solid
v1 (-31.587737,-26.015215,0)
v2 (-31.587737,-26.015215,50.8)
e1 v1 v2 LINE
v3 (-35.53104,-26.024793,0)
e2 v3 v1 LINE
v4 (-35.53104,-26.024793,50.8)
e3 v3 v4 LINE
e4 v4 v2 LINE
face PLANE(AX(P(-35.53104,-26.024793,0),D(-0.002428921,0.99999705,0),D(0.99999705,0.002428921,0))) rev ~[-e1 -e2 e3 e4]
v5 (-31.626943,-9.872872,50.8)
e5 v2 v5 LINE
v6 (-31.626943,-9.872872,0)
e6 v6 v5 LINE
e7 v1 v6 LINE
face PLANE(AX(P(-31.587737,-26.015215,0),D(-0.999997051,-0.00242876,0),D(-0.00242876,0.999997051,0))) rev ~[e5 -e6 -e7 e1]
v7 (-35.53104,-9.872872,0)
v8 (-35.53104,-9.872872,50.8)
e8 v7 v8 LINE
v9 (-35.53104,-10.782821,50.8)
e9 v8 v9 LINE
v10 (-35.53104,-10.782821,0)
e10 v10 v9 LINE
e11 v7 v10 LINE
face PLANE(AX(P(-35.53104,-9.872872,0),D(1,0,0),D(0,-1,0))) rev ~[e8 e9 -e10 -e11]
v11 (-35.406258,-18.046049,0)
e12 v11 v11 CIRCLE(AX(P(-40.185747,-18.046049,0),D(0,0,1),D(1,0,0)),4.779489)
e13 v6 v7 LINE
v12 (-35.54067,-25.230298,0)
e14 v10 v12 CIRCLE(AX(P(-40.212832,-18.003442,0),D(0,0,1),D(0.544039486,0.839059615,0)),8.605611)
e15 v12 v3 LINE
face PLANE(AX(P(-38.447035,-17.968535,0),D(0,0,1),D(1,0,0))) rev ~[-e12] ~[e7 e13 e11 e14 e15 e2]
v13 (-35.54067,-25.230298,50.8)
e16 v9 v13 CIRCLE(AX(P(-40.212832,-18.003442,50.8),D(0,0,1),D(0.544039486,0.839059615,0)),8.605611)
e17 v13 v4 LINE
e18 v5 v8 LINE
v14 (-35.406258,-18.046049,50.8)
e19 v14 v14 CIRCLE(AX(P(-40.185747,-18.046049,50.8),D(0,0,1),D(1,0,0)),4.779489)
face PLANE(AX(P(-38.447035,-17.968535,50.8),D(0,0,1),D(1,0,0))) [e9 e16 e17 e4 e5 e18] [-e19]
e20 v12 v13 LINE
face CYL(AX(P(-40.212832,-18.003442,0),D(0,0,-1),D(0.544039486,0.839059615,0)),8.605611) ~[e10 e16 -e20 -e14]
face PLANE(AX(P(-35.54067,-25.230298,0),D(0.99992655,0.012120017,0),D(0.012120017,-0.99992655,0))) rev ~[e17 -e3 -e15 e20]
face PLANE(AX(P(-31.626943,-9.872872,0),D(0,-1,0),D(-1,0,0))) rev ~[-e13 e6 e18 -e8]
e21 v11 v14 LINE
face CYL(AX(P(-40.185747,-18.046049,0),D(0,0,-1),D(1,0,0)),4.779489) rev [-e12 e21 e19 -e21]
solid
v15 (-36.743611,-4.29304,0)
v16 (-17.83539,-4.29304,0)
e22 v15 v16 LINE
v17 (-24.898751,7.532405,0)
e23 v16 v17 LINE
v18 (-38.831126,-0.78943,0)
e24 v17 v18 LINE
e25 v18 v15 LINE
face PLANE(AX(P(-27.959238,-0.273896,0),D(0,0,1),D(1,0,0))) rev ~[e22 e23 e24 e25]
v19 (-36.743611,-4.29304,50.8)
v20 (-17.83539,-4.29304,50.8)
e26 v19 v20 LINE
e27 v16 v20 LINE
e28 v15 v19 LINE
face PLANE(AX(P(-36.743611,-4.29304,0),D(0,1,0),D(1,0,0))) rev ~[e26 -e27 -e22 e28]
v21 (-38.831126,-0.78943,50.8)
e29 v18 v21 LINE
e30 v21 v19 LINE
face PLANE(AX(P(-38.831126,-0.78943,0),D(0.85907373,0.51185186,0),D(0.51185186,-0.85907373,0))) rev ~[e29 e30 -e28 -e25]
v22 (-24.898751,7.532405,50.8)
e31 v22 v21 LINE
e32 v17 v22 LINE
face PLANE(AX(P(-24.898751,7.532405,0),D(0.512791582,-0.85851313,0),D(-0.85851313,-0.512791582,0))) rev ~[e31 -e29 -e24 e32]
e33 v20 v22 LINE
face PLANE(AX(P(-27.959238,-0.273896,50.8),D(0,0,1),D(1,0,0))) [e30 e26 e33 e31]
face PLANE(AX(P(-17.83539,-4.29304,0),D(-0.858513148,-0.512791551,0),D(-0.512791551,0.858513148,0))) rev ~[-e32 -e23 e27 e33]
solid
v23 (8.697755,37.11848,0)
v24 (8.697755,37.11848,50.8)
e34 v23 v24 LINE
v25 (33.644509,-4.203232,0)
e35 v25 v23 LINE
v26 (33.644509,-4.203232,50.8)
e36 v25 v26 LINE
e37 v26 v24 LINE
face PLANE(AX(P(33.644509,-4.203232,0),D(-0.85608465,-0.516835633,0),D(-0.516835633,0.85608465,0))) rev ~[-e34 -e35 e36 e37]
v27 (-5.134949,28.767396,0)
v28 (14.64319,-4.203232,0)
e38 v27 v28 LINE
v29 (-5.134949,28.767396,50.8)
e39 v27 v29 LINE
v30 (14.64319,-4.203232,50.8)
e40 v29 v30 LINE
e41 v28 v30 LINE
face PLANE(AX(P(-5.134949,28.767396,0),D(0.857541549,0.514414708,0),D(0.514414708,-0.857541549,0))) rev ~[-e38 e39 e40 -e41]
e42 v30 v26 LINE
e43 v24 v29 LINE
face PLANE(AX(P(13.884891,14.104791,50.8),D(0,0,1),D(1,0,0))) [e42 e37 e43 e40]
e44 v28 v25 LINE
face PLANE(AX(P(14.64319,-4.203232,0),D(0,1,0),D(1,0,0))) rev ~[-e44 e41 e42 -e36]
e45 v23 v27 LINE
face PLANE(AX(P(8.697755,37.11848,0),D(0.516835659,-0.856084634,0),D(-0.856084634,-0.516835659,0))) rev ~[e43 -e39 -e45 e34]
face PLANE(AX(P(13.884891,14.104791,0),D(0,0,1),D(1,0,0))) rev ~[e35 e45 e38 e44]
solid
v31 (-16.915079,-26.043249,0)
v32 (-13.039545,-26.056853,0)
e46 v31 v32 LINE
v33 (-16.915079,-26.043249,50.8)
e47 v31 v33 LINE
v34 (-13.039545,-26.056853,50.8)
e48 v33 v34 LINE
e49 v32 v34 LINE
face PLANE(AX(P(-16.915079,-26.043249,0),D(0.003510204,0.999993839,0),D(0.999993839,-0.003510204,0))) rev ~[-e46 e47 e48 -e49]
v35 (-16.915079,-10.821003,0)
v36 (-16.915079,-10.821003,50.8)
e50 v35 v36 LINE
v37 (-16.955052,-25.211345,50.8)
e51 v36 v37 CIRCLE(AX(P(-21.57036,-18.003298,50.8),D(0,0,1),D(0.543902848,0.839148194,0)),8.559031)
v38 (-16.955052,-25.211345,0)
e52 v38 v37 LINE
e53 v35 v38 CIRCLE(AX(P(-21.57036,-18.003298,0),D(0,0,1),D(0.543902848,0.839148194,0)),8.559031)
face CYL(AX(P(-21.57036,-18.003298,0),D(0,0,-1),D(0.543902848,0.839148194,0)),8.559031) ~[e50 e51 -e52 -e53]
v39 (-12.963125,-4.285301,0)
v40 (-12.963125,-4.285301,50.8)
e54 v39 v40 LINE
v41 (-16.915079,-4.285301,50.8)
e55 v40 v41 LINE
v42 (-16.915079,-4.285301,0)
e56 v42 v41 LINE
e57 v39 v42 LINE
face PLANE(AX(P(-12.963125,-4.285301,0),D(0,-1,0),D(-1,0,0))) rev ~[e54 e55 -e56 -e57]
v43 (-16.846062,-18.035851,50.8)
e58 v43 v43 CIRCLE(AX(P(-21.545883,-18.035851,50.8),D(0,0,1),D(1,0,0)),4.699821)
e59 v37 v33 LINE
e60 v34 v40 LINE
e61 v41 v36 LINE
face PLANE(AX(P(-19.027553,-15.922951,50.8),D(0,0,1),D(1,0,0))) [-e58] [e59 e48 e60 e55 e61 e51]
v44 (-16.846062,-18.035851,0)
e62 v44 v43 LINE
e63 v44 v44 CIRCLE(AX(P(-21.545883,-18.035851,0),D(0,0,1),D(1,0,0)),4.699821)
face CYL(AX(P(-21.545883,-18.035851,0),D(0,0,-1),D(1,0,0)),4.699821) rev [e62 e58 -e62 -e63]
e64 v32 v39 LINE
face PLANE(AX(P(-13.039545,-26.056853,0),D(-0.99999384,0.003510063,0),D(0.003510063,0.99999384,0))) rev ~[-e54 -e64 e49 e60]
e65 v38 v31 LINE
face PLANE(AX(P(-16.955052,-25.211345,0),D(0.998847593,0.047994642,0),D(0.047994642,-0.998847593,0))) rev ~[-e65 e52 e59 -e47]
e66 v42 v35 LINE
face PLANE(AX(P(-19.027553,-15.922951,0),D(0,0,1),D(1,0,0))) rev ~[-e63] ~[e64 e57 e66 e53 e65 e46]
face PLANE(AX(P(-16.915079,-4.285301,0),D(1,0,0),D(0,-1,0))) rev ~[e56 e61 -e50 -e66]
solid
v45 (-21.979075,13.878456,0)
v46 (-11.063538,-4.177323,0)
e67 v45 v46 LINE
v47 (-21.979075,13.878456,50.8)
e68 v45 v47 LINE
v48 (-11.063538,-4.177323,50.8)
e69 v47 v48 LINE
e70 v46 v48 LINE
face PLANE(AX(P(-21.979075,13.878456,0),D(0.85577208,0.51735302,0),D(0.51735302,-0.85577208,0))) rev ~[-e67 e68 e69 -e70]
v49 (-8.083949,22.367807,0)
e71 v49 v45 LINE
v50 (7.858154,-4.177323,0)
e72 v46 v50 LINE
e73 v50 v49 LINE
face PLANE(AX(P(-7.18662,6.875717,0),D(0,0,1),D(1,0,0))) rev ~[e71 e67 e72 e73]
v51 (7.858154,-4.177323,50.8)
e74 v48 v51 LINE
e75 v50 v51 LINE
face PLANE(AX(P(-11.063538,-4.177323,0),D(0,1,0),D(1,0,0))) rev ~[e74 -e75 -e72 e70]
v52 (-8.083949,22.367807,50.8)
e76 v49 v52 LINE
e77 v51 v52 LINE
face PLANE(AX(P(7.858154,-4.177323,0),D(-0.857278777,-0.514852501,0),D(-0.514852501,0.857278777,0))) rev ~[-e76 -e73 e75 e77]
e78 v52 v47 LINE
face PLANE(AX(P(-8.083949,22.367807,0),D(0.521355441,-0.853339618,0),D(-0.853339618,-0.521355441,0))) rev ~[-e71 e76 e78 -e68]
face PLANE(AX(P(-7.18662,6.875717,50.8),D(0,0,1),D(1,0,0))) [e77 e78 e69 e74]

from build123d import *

# Parameters (mm, degrees)
F1_DEPTH = 50.8
F3_DEPTH = 50.8
F5_DEPTH = 50.8
F6_R     = 4.779489
F7_DEPTH = 50.8
F8_R     = 4.699821
F9_DEPTH = 50.8


with BuildPart() as f1:
    # F0 (on Top) → F1 (new body)
    with BuildSketch(Plane.XY):
        Polygon((-24.898751, 7.532405), (-38.831126, -0.78943), (-36.743611, -4.29304), (-17.83539, -4.29304), align=None)
    extrude(amount=F1_DEPTH)


with BuildPart() as f3:
    # F2 (on Top) → F3 (new body)
    with BuildSketch(Plane.XY):
        Polygon((-8.083949, 22.367807), (-21.979075, 13.878456), (-11.063538, -4.177323), (7.858154, -4.177323), align=None)
    extrude(amount=F3_DEPTH)


with BuildPart() as f5:
    # F4 (on Top) → F5 (new body)
    with BuildSketch(Plane.XY):
        Polygon((8.697755, 37.11848), (-5.134949, 28.767396), (14.64319, -4.203232), (33.644509, -4.203232), align=None)
    extrude(amount=F5_DEPTH)


with BuildPart() as f7:
    # F6 (on Top) → F7 (new body)
    with BuildSketch(Plane.XY):
        with BuildLine():
            Line((-35.53104, -9.872872), (-35.53104, -10.782821))
            ThreePointArc((-35.53104, -10.782821), (-48.818442, -17.997706), (-35.54067, -25.230298))
            Line((-35.54067, -25.230298), (-35.53104, -26.024793))
            Line((-35.53104, -26.024793), (-31.587737, -26.015215))
            Line((-31.587737, -26.015215), (-31.626943, -9.872872))
            Line((-31.626943, -9.872872), (-35.53104, -9.872872))
        make_face()
        with Locations((-40.185747, -18.046049)):
            Circle(F6_R, mode=Mode.SUBTRACT)
    extrude(amount=F7_DEPTH)


with BuildPart() as f9:
    # F8 (on Top) → F9 (new body)
    with BuildSketch(Plane.XY):
        with BuildLine():
            Line((-16.915079, -4.285301), (-16.915079, -10.821003))
            ThreePointArc((-16.915079, -10.821003), (-30.129358, -17.979524), (-16.955052, -25.211345))
            Line((-16.955052, -25.211345), (-16.915079, -26.043249))
            Line((-16.915079, -26.043249), (-13.039545, -26.056853))
            Line((-13.039545, -26.056853), (-12.963125, -4.285301))
            Line((-12.963125, -4.285301), (-16.915079, -4.285301))
        make_face()
        with Locations((-21.545883, -18.035851)):
            Circle(F8_R, mode=Mode.SUBTRACT)
    extrude(amount=F9_DEPTH)


solid = Compound([f1.part, f3.part, f5.part, f7.part, f9.part])
